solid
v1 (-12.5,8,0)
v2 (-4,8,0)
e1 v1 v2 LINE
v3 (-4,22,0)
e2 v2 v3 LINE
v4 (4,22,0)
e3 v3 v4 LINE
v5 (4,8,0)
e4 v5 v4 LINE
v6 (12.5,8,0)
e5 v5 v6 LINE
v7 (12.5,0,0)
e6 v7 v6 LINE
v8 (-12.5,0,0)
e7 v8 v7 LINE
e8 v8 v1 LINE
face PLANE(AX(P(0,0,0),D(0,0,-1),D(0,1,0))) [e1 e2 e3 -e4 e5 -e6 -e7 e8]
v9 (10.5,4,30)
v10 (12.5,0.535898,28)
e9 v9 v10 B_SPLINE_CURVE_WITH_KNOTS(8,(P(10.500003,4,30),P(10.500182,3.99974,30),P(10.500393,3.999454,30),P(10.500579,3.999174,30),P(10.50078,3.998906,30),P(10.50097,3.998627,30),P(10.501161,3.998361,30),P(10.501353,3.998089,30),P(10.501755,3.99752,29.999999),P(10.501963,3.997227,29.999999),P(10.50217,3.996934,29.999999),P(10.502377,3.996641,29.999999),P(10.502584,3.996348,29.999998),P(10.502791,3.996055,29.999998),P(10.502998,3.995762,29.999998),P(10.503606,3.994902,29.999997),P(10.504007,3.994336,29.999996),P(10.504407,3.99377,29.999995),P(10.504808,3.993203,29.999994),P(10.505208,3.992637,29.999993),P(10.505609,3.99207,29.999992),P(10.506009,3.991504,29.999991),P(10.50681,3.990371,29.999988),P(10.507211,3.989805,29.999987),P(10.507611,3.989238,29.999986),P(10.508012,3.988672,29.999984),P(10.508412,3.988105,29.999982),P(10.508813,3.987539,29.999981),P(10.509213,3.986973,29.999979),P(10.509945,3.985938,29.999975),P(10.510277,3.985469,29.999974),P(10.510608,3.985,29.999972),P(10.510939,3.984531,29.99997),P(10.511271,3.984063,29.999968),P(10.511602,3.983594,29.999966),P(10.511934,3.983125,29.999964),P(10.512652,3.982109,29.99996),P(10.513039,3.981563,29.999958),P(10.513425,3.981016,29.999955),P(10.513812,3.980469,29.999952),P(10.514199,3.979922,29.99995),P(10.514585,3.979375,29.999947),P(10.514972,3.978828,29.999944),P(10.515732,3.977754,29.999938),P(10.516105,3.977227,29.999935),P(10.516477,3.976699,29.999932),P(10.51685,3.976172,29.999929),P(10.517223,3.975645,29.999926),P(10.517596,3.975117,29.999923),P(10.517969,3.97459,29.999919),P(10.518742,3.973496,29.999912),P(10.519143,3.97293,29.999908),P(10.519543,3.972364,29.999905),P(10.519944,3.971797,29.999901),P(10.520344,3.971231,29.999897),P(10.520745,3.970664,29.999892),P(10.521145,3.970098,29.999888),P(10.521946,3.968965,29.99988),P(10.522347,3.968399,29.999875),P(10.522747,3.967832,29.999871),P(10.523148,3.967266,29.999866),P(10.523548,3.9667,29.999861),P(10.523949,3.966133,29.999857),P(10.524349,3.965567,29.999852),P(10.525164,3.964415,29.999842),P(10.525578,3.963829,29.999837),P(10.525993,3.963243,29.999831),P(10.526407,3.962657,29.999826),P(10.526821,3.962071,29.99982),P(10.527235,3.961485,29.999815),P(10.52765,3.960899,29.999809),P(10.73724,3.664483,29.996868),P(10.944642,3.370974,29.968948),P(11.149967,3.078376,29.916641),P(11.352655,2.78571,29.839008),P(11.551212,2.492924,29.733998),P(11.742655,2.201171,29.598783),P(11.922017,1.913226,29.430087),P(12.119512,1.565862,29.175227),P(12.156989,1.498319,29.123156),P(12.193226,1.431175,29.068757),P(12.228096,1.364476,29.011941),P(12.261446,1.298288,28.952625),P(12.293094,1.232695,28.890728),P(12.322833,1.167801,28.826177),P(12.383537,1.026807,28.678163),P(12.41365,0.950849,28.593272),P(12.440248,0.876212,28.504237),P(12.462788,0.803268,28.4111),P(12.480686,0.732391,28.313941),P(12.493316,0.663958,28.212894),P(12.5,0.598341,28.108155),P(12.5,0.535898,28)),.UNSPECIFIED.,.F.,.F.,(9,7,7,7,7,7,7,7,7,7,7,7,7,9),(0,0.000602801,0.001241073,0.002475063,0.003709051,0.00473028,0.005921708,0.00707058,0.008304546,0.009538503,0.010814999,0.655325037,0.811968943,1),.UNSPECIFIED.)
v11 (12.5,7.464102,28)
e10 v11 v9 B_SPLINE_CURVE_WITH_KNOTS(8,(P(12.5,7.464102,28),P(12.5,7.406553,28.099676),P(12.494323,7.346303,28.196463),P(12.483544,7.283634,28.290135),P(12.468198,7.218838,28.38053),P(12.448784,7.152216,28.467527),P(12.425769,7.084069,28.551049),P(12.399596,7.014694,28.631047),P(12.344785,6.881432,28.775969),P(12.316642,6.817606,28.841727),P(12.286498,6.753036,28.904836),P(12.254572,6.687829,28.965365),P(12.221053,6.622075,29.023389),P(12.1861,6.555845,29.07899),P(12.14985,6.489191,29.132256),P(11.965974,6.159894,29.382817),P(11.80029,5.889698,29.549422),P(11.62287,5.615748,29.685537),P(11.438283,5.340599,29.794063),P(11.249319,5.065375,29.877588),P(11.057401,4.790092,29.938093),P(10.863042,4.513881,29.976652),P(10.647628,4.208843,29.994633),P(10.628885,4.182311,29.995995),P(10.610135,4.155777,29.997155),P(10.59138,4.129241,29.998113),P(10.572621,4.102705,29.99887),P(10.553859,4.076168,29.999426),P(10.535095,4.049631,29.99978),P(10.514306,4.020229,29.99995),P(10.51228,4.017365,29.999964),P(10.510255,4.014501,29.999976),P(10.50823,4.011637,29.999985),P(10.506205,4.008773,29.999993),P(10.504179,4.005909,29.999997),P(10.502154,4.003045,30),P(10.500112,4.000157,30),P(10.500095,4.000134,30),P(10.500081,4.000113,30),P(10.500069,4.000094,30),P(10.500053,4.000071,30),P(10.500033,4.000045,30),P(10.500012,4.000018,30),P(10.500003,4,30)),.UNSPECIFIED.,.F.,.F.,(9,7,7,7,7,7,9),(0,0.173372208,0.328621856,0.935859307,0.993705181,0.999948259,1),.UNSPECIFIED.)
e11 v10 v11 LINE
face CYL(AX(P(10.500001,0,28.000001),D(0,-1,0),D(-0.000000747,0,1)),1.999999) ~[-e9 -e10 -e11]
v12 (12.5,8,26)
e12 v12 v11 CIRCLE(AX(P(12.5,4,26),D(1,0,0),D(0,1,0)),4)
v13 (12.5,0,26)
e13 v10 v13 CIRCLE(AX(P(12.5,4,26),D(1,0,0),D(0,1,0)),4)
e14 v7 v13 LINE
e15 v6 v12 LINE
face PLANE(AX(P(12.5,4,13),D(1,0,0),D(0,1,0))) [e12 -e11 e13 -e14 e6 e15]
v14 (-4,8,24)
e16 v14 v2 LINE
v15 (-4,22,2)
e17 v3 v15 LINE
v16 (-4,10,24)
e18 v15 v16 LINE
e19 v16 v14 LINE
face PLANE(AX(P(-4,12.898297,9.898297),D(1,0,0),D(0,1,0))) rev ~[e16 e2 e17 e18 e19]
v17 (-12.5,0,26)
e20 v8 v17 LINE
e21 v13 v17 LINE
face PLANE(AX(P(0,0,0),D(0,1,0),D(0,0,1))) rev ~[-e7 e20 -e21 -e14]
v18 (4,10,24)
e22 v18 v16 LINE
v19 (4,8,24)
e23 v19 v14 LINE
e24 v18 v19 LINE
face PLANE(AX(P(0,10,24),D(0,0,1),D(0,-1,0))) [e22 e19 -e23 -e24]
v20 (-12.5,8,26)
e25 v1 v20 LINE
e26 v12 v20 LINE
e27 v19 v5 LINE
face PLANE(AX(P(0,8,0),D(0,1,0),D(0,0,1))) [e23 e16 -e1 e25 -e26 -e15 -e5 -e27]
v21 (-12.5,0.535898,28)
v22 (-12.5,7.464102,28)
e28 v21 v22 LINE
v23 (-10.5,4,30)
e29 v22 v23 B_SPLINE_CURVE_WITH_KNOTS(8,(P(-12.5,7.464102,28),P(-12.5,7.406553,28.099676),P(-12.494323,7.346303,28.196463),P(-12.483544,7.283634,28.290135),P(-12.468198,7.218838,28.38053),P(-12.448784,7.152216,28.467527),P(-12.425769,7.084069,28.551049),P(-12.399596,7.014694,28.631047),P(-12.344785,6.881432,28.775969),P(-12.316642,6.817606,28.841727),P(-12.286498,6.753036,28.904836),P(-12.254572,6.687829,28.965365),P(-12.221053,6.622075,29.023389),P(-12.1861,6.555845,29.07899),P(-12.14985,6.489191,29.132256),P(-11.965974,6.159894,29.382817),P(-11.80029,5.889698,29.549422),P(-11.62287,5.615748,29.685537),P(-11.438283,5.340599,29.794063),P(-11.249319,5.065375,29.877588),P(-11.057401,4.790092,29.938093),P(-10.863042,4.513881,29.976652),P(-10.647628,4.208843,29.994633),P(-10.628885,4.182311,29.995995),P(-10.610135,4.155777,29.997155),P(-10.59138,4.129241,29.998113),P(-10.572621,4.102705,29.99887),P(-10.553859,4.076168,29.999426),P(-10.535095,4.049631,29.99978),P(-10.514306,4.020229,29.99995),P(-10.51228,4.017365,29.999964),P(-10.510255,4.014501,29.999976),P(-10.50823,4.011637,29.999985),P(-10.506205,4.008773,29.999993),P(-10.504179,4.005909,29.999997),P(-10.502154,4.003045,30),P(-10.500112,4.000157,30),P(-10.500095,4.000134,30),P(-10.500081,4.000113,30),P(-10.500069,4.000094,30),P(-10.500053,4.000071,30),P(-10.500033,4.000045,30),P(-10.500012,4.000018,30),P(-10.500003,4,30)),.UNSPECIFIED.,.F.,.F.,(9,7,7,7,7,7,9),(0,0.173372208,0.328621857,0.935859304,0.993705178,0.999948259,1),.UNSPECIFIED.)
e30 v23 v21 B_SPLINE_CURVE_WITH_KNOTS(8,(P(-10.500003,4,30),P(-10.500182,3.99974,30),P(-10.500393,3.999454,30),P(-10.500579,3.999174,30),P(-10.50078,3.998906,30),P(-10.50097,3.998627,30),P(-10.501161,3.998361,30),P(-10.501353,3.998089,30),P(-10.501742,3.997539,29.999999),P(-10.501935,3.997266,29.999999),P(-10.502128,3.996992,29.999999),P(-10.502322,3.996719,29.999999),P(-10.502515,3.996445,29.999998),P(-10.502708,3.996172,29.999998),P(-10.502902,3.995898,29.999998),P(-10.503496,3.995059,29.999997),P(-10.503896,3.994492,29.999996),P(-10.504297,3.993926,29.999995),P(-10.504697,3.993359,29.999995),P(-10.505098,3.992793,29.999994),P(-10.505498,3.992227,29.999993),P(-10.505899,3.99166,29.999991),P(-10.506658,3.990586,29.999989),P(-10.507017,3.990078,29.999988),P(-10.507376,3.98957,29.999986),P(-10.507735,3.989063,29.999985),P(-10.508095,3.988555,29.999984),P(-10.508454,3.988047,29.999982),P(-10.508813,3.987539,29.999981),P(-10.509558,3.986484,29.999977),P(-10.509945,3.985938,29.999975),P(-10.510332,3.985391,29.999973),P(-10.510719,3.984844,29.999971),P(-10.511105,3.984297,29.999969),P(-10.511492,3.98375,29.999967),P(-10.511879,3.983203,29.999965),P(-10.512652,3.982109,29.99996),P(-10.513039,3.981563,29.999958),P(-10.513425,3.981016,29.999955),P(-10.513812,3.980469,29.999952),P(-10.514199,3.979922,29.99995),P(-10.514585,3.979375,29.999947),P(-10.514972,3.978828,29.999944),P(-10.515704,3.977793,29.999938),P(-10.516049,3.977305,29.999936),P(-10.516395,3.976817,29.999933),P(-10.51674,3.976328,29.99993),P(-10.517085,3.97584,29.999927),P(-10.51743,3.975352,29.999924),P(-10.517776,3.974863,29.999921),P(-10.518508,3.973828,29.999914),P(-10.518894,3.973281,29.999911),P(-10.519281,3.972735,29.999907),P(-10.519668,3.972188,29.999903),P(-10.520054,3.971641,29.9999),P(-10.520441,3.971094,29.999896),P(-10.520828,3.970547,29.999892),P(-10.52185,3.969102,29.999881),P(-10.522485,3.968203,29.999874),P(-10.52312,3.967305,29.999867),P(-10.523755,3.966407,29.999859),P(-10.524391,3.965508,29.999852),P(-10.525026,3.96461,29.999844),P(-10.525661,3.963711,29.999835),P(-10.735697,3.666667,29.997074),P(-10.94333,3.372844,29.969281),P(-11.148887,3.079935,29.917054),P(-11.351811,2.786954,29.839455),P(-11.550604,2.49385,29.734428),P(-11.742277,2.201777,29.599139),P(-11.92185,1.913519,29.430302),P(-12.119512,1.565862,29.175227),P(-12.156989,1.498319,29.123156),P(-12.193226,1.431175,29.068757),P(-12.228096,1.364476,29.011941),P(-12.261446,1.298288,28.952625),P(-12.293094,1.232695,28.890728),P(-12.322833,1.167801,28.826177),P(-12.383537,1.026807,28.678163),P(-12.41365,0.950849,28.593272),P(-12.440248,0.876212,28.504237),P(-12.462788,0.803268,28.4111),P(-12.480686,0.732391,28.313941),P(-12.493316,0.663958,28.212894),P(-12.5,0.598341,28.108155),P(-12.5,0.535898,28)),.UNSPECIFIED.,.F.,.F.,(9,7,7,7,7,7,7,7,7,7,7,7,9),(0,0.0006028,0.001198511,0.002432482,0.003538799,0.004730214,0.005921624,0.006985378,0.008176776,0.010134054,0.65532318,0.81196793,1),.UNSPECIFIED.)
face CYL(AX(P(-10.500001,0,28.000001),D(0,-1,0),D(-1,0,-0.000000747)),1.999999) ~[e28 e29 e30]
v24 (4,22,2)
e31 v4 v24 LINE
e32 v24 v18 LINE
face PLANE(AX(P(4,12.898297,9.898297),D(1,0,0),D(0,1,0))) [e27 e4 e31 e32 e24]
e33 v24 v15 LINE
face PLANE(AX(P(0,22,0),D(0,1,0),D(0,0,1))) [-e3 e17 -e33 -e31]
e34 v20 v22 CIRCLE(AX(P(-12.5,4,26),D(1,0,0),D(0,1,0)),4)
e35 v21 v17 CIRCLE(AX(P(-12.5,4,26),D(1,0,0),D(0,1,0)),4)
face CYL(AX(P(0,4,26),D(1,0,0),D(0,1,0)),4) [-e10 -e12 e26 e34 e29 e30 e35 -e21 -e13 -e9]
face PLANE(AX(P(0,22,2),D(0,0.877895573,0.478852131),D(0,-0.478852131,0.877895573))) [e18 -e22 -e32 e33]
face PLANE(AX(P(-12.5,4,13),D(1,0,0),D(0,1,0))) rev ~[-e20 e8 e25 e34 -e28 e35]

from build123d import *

# Parameters (mm, degrees)
F0_W     = 8
F0_H     = 26
F1_DEPTH = 12.5
F3_DEPTH = 4
F5_DEPTH = 25


with BuildPart() as f1:
    # F0 (on Right) → F1 (new body, symmetric)
    with BuildSketch(Plane.YZ):
        with Locations((4, 13)):
            Rectangle(F0_W, F0_H)
        with BuildLine():
            ThreePointArc((8, 26), (4, 30), (0, 26))
            Line((0, 26), (8, 26))
        make_face()
    extrude(amount=F1_DEPTH, both=True)

    # F2 (on Right) → F3 (join, symmetric)
    with BuildSketch(Plane.YZ):
        Polygon((8, 24), (8, 0), (22, 0), (22, 2), (10, 24), align=None)
    extrude(amount=F3_DEPTH, both=True)

    # F4 (on Front) → F5 (cut)
    with BuildSketch(Plane.XZ):
        with BuildLine():
            Line((-10.5, 30), (-12.5, 30))
            Line((-12.5, 30), (-12.5, 28))
            ThreePointArc((-12.5, 28), (-11.914214, 29.414214), (-10.5, 30))
        make_face()
        with BuildLine():
            ThreePointArc((10.5, 30), (11.914214, 29.414214), (12.5, 28))
            Line((12.5, 28), (12.5, 30))
            Line((12.5, 30), (10.5, 30))
        make_face()
    extrude(amount=-F5_DEPTH, mode=Mode.SUBTRACT)


solid = f1.part
